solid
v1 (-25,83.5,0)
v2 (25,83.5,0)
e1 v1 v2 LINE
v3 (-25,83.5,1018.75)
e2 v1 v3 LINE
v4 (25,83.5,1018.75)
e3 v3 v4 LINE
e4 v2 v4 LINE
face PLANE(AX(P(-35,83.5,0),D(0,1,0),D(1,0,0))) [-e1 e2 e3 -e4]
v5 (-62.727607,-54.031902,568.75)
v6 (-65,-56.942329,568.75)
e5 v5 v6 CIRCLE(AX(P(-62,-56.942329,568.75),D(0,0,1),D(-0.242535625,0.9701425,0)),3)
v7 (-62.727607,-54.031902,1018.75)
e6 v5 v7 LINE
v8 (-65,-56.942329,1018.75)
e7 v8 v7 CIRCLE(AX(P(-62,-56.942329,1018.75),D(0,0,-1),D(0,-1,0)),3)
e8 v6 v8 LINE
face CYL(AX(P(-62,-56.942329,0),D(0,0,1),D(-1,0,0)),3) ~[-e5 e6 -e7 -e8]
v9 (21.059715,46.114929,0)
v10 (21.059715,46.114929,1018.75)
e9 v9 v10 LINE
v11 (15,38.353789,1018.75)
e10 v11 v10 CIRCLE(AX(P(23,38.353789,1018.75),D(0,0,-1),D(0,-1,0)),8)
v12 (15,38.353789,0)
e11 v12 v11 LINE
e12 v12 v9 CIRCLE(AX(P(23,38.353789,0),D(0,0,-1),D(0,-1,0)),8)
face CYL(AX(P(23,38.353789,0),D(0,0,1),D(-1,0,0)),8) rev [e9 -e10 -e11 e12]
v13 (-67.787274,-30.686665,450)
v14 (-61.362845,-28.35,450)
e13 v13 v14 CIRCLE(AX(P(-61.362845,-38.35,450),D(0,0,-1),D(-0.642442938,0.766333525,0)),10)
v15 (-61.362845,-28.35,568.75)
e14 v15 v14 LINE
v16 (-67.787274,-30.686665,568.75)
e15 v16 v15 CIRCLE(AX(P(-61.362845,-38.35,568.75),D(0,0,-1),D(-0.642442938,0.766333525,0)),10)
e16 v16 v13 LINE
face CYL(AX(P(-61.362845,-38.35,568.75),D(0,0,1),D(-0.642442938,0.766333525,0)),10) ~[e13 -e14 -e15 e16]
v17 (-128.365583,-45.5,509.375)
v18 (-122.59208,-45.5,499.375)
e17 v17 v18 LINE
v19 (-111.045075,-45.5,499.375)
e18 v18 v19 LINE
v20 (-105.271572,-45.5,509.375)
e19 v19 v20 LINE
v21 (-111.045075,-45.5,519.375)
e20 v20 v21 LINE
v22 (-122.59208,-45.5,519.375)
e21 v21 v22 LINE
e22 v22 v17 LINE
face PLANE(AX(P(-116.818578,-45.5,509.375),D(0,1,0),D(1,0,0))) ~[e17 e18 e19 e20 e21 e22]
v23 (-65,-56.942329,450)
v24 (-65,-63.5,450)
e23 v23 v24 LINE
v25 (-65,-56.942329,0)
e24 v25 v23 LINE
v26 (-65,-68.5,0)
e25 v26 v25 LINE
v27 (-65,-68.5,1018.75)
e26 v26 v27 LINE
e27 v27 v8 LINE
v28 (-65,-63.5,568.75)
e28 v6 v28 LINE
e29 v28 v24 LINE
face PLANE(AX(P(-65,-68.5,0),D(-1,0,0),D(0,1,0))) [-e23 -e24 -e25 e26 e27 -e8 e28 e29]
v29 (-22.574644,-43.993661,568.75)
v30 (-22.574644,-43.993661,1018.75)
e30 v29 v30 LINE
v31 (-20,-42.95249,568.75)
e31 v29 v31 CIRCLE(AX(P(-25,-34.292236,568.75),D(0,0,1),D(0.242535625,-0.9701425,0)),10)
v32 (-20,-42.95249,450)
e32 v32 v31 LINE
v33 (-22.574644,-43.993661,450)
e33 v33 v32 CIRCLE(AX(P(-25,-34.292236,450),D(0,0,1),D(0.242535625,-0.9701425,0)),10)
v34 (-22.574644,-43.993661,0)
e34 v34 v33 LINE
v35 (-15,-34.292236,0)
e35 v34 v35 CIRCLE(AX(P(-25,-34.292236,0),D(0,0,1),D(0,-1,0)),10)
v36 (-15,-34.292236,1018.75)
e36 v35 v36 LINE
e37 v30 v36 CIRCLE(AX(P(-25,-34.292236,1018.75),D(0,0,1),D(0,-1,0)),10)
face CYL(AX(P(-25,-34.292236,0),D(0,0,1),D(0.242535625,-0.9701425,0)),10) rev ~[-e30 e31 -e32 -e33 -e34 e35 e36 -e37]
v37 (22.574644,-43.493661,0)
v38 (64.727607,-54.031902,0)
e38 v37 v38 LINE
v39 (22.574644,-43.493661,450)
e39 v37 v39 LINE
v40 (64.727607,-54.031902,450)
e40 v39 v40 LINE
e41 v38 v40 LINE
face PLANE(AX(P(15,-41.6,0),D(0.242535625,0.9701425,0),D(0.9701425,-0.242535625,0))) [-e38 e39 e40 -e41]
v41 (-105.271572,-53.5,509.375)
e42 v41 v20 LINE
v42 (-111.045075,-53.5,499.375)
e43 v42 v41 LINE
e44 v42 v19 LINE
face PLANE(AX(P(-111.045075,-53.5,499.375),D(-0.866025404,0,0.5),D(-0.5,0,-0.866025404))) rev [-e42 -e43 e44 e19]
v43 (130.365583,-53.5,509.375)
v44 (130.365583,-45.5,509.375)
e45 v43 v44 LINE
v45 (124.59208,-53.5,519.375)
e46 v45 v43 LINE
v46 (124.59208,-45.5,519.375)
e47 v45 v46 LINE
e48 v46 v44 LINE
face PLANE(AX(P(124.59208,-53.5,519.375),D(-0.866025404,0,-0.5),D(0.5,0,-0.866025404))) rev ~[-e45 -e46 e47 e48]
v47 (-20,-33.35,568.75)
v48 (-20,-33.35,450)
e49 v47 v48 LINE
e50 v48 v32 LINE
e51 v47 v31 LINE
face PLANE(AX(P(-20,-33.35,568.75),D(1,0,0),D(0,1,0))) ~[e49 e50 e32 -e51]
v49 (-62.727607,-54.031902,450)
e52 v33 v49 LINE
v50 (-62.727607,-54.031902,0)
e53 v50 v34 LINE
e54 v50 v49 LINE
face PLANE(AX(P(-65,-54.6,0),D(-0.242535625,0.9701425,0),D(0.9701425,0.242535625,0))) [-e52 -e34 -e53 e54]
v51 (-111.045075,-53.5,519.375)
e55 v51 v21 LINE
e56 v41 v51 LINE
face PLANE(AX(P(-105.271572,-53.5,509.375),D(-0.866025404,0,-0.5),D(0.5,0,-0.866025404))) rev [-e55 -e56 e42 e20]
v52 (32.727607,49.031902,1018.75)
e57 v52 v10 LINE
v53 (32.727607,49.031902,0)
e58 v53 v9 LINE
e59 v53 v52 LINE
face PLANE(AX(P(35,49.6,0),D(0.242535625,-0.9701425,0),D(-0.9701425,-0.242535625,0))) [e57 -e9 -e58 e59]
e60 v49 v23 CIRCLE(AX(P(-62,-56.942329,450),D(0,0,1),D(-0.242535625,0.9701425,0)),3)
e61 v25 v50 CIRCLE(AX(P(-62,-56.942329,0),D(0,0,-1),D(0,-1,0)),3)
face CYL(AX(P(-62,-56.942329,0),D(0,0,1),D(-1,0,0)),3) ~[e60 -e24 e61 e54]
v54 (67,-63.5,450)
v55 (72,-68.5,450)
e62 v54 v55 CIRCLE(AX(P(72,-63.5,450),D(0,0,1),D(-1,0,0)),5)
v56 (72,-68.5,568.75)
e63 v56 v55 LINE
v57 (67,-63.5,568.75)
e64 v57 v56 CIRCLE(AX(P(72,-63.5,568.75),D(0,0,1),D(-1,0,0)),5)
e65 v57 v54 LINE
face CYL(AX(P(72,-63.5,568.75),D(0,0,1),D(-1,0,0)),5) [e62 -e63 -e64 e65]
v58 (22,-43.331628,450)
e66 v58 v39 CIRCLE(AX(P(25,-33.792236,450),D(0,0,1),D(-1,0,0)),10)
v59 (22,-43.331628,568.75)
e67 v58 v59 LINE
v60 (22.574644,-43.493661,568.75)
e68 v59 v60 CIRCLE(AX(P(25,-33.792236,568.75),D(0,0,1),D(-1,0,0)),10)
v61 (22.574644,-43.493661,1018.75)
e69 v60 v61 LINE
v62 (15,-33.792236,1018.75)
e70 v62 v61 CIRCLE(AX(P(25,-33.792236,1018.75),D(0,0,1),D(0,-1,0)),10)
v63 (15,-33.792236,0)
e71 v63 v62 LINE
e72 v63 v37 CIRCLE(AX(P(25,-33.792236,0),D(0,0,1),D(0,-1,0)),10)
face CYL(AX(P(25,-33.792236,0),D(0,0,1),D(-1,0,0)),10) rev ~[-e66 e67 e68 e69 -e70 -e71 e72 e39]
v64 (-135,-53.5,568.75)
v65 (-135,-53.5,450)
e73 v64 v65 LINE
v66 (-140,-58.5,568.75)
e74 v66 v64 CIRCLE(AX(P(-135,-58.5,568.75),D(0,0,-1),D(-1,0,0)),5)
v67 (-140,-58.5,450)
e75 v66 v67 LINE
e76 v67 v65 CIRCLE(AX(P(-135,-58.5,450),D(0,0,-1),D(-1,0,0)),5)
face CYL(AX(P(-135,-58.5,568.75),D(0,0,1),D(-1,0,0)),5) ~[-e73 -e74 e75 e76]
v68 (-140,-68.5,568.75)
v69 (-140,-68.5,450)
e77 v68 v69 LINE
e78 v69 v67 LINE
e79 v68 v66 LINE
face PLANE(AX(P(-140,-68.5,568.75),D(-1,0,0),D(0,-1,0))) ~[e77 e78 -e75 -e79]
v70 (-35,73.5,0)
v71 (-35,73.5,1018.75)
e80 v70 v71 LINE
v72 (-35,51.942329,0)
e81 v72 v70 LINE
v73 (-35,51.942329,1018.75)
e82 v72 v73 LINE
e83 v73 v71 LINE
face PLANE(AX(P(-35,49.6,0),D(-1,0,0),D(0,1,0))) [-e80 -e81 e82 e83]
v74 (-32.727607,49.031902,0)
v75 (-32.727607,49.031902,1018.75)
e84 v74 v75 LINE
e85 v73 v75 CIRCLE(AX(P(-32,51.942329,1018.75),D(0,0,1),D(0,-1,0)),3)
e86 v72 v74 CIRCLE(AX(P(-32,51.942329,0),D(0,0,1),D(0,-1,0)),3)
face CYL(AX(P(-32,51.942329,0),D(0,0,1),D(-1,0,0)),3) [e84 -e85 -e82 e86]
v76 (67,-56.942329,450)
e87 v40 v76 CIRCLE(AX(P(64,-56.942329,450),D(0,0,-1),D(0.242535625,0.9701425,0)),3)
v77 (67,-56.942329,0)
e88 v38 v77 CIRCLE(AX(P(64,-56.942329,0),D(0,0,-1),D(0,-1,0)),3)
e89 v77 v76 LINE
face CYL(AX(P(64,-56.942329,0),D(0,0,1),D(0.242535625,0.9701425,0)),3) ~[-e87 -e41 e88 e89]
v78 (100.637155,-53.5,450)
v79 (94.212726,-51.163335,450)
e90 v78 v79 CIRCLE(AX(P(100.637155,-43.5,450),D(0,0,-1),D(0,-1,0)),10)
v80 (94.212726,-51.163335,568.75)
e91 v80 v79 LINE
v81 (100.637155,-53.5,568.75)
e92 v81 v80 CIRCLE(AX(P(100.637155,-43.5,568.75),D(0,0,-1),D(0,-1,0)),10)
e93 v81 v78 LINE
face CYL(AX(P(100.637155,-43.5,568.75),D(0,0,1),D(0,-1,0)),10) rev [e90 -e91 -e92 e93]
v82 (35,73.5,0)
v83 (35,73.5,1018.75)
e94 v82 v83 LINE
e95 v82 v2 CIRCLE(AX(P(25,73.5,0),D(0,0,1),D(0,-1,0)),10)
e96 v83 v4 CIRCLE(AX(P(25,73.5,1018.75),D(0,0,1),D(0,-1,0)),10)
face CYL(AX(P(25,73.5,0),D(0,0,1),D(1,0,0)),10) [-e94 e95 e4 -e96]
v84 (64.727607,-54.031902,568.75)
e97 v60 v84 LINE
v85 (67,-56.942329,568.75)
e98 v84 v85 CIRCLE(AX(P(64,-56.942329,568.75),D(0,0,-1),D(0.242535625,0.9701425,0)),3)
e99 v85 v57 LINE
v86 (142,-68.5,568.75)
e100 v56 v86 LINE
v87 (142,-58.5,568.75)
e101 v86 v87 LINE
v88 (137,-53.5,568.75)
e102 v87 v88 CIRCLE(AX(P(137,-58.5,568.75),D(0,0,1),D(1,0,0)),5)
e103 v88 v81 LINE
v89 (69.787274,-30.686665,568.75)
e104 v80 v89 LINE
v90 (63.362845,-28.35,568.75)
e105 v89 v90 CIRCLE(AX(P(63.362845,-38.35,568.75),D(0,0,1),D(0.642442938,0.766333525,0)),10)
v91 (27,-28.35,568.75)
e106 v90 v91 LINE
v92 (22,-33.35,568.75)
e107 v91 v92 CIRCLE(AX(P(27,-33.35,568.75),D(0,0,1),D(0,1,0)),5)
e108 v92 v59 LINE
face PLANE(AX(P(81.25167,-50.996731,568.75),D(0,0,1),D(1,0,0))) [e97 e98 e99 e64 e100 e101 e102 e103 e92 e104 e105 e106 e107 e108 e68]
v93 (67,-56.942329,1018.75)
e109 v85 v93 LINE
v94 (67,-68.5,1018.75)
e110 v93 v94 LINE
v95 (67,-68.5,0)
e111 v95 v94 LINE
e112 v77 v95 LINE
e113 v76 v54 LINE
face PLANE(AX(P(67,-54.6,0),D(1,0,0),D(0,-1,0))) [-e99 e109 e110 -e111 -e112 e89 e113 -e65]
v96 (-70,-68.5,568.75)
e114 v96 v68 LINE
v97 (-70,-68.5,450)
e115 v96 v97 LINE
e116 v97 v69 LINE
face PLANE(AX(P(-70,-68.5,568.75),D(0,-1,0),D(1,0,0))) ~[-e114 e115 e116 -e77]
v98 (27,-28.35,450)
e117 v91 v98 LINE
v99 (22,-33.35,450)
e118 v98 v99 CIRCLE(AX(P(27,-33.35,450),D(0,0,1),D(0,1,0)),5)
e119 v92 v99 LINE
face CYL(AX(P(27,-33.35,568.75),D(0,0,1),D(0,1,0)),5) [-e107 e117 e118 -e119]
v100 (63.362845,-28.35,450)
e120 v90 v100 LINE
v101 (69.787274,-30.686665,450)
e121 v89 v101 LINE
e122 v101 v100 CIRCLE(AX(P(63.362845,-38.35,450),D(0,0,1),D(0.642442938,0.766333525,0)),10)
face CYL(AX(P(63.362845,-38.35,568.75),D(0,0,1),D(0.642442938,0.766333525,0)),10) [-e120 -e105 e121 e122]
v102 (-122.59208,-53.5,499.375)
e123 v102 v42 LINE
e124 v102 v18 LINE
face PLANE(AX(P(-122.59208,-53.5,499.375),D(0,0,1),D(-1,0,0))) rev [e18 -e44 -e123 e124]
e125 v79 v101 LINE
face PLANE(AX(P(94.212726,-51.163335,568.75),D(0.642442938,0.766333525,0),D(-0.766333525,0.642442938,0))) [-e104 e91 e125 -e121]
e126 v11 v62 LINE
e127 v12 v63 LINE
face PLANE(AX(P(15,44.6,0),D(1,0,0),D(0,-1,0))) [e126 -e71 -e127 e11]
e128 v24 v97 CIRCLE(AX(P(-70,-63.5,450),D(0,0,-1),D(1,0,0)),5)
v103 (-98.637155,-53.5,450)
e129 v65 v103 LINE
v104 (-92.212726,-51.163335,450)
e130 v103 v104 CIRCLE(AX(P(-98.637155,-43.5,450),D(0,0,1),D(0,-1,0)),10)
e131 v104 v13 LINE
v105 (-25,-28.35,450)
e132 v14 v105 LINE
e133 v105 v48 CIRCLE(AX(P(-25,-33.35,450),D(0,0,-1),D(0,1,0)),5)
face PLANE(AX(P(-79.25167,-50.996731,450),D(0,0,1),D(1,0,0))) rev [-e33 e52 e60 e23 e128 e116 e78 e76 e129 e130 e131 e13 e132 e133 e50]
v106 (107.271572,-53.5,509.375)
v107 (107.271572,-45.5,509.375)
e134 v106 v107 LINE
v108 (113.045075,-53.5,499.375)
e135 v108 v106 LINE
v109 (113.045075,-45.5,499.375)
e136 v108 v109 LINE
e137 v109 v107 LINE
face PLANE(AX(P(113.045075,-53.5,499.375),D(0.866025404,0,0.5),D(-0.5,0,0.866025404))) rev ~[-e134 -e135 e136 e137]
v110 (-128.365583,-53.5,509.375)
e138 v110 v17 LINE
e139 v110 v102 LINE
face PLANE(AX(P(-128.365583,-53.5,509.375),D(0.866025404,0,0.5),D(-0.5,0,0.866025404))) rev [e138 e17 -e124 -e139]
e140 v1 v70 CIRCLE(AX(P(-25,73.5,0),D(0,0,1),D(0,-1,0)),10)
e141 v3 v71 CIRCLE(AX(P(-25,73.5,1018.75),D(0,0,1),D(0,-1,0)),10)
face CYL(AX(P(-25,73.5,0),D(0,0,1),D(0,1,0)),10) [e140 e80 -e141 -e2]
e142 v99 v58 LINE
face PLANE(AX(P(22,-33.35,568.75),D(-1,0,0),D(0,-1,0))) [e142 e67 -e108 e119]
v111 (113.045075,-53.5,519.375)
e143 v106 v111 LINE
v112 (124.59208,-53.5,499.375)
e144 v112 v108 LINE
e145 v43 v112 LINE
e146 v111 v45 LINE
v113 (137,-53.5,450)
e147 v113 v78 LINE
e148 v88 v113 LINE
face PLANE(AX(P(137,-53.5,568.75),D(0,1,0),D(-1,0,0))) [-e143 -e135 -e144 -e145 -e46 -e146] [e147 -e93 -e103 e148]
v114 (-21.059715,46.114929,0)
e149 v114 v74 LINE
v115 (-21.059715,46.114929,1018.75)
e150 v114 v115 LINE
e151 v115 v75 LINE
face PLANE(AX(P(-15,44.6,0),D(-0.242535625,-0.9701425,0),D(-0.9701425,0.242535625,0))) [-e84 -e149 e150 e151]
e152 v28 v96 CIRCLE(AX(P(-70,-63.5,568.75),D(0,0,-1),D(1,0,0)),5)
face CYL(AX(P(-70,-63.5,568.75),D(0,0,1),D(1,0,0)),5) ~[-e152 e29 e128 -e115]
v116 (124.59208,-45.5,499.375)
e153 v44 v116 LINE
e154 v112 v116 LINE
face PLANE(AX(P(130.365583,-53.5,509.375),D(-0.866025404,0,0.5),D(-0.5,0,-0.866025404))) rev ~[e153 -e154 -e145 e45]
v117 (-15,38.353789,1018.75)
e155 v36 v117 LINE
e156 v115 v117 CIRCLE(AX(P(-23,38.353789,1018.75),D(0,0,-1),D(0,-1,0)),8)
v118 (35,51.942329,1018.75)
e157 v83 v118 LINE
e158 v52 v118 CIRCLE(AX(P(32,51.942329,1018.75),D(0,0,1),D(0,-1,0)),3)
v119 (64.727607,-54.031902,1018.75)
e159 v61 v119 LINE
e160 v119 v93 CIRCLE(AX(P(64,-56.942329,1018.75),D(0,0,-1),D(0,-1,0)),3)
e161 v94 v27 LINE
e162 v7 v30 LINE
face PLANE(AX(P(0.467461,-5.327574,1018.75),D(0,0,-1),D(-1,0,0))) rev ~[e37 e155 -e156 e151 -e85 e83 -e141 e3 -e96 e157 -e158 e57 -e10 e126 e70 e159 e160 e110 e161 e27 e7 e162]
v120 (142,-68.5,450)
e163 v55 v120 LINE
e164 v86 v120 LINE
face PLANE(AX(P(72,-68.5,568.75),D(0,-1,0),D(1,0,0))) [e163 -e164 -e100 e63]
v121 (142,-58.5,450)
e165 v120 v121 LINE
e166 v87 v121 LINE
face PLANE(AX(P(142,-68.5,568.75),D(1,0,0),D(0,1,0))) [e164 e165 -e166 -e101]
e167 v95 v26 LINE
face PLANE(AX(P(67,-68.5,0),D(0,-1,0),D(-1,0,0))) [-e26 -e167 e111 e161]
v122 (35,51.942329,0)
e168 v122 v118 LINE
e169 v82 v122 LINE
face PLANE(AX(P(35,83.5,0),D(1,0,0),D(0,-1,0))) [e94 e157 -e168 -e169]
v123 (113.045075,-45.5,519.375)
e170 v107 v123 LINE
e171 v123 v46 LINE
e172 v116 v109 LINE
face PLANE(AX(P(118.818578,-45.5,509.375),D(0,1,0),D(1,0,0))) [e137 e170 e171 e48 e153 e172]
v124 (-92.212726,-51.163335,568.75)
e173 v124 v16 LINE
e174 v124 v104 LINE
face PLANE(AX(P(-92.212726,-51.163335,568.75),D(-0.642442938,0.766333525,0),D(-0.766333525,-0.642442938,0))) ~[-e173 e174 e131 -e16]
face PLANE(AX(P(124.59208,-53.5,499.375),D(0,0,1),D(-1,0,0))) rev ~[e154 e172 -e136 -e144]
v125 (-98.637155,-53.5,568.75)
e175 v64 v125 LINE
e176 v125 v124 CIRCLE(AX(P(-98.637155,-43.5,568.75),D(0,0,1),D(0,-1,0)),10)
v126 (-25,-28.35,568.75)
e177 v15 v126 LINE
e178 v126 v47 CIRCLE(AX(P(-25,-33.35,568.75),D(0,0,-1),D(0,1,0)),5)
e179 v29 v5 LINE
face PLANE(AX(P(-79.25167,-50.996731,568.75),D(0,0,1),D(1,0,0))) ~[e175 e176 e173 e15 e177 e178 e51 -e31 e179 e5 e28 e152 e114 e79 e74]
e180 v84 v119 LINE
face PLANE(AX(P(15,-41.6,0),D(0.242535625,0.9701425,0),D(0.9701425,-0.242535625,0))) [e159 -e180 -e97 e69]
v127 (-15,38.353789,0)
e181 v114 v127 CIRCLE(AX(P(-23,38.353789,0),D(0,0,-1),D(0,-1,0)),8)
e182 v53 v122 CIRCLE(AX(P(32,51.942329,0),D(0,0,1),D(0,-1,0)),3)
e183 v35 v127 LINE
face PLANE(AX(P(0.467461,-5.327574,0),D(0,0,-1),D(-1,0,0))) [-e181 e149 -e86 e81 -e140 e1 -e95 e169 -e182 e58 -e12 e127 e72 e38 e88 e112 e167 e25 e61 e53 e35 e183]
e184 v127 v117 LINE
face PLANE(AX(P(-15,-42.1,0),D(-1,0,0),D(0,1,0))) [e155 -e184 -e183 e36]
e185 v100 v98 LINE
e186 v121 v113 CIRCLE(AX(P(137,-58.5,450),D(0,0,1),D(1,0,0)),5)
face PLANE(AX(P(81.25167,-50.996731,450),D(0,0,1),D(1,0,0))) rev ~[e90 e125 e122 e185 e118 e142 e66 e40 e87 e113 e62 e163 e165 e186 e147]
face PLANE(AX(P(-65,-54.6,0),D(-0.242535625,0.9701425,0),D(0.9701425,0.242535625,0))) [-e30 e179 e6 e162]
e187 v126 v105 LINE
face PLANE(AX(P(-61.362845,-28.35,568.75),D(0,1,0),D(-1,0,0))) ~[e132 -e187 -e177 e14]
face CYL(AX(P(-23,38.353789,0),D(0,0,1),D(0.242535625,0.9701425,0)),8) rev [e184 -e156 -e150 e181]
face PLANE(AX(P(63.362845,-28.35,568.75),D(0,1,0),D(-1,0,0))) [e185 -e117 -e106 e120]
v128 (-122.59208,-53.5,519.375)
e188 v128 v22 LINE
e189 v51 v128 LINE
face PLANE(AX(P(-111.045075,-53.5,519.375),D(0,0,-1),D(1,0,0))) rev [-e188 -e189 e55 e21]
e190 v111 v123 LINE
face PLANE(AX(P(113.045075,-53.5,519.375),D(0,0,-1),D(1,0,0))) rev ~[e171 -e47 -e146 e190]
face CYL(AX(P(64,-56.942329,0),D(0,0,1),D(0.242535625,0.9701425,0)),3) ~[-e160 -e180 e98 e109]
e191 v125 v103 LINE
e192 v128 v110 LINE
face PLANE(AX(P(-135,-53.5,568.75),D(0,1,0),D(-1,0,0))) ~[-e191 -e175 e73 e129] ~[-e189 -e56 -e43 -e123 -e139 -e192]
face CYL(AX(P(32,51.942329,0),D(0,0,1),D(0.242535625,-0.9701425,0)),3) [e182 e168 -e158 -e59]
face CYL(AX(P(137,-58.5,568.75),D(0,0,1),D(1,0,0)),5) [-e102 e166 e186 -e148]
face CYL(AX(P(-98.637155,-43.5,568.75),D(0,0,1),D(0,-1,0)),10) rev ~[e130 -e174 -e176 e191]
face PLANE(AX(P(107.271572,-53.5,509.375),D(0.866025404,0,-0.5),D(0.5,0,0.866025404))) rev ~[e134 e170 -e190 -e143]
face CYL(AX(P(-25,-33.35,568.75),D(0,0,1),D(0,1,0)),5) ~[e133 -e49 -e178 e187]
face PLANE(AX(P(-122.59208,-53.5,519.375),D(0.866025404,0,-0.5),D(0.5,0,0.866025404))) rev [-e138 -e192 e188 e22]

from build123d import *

# Parameters (mm, degrees)
EXTRUDE_1_DEPTH   = 1018.75
FILLET_1_R        = 10
FILLET_2_R        = 8
FILLET_3_R        = 3
FILLET_4_R        = 10
FILLET_5_R        = 3
EXTRUDE_START     = 118.75
EXTRUDE_1_2_DEPTH = 118.75
EXTRUDE_2_DEPTH   = 8


with BuildPart() as part:
    # 草图1 → Extrude 1 (new body)
    with BuildSketch(Plane.XY):
        Polygon((-35, 49.6), (-35, 83.5), (35, 83.5), (35, 49.6), (15, 44.6), (15, -41.6), (67, -54.6), (67, -68.5), (-65, -68.5), (-65, -54.6), (-15, -42.1), (-15, 44.6), align=None)
    extrude(amount=EXTRUDE_1_DEPTH)

    # 圆角1
    fillet_1_edges = [part.edges().sort_by_distance(p)[0] for p in [
        (15, -41.6, 509.375),
        (-15, -42.1, 509.375),
    ]]
    fillet(fillet_1_edges, radius=FILLET_1_R)

    # 圆角2
    fillet_2_edges = [part.edges().sort_by_distance(p)[0] for p in [
        (15, 44.6, 509.375),
        (-15, 44.6, 509.375),
    ]]
    fillet(fillet_2_edges, radius=FILLET_2_R)

    # 圆角3
    fillet_3_edges = [part.edges().sort_by_distance(p)[0] for p in [
        (-35, 49.6, 509.375),
        (35, 49.6, 509.375),
    ]]
    fillet(fillet_3_edges, radius=FILLET_3_R)

    # 圆角4
    fillet_4_edges = [part.edges().sort_by_distance(p)[0] for p in [
        (-35, 83.5, 509.375),
        (35, 83.5, 509.375),
    ]]
    fillet(fillet_4_edges, radius=FILLET_4_R)

    # 圆角5
    fillet_5_edges = [part.edges().sort_by_distance(p)[0] for p in [
        (67, -54.6, 509.375),
        (-65, -54.6, 509.375),
    ]]
    fillet(fillet_5_edges, radius=FILLET_5_R)

    # 草图4 → Extrude 1 2 (add)
    with BuildSketch(Plane.XY.offset(450).offset(EXTRUDE_START)):
        with BuildLine():
            Line((142, -68.5), (142, -58.5))
            ThreePointArc((142, -58.5), (140.535533906, -54.964466094), (137, -53.5))
            Line((137, -53.5), (100.637155323, -53.5))
            ThreePointArc((100.637155323, -53.5), (97.219067588, -52.897695262), (94.212725941, -51.163335247))
            Line((94.212725941, -51.163335247), (69.787274059, -30.686664753))
            ThreePointArc((69.787274059, -30.686664753), (66.780932412, -28.952304738), (63.362844677, -28.35))
            Line((63.362844677, -28.35), (27, -28.35))
            ThreePointArc((27, -28.35), (23.464466094, -29.814466094), (22, -33.35))
            Line((22, -33.35), (22, -43.35))
            Line((22, -43.35), (64.727606875, -54.031901719))
            ThreePointArc((64.727606875, -54.031901719), (66.364616314, -55.096092591), (67, -56.942329219))
            Line((67, -56.942329219), (67, -63.5))
            ThreePointArc((67, -63.5), (68.464466094, -67.035533906), (72, -68.5))
            Line((72, -68.5), (142, -68.5))
        make_face()
    extrude_1_2 = extrude(amount=-EXTRUDE_1_2_DEPTH)

    # 草图5 → 凸台-拉伸2 (add)
    with BuildSketch(Plane(origin=(0, -53.5, 0), x_dir=(1, 0, 0), z_dir=(0, 1, 0))):
        Polygon((124.592080354, -519.375), (130.365583045, -509.375), (124.592080354, -499.375), (113.04507497, -499.375), (107.271572278, -509.375), (113.04507497, -519.375), align=None)
    extrude_2 = extrude(amount=EXTRUDE_2_DEPTH)

    # 镜向1: Extrude 1 2, 凸台-拉伸2 across plane
    add(extrude_1_2.mirror(Plane(origin=(1, 0, 0), x_dir=(0, 0, 1), z_dir=(1, 0, 0))))
    add(extrude_2.mirror(Plane(origin=(1, 0, 0), x_dir=(0, 0, 1), z_dir=(1, 0, 0))))


solid = part.part
